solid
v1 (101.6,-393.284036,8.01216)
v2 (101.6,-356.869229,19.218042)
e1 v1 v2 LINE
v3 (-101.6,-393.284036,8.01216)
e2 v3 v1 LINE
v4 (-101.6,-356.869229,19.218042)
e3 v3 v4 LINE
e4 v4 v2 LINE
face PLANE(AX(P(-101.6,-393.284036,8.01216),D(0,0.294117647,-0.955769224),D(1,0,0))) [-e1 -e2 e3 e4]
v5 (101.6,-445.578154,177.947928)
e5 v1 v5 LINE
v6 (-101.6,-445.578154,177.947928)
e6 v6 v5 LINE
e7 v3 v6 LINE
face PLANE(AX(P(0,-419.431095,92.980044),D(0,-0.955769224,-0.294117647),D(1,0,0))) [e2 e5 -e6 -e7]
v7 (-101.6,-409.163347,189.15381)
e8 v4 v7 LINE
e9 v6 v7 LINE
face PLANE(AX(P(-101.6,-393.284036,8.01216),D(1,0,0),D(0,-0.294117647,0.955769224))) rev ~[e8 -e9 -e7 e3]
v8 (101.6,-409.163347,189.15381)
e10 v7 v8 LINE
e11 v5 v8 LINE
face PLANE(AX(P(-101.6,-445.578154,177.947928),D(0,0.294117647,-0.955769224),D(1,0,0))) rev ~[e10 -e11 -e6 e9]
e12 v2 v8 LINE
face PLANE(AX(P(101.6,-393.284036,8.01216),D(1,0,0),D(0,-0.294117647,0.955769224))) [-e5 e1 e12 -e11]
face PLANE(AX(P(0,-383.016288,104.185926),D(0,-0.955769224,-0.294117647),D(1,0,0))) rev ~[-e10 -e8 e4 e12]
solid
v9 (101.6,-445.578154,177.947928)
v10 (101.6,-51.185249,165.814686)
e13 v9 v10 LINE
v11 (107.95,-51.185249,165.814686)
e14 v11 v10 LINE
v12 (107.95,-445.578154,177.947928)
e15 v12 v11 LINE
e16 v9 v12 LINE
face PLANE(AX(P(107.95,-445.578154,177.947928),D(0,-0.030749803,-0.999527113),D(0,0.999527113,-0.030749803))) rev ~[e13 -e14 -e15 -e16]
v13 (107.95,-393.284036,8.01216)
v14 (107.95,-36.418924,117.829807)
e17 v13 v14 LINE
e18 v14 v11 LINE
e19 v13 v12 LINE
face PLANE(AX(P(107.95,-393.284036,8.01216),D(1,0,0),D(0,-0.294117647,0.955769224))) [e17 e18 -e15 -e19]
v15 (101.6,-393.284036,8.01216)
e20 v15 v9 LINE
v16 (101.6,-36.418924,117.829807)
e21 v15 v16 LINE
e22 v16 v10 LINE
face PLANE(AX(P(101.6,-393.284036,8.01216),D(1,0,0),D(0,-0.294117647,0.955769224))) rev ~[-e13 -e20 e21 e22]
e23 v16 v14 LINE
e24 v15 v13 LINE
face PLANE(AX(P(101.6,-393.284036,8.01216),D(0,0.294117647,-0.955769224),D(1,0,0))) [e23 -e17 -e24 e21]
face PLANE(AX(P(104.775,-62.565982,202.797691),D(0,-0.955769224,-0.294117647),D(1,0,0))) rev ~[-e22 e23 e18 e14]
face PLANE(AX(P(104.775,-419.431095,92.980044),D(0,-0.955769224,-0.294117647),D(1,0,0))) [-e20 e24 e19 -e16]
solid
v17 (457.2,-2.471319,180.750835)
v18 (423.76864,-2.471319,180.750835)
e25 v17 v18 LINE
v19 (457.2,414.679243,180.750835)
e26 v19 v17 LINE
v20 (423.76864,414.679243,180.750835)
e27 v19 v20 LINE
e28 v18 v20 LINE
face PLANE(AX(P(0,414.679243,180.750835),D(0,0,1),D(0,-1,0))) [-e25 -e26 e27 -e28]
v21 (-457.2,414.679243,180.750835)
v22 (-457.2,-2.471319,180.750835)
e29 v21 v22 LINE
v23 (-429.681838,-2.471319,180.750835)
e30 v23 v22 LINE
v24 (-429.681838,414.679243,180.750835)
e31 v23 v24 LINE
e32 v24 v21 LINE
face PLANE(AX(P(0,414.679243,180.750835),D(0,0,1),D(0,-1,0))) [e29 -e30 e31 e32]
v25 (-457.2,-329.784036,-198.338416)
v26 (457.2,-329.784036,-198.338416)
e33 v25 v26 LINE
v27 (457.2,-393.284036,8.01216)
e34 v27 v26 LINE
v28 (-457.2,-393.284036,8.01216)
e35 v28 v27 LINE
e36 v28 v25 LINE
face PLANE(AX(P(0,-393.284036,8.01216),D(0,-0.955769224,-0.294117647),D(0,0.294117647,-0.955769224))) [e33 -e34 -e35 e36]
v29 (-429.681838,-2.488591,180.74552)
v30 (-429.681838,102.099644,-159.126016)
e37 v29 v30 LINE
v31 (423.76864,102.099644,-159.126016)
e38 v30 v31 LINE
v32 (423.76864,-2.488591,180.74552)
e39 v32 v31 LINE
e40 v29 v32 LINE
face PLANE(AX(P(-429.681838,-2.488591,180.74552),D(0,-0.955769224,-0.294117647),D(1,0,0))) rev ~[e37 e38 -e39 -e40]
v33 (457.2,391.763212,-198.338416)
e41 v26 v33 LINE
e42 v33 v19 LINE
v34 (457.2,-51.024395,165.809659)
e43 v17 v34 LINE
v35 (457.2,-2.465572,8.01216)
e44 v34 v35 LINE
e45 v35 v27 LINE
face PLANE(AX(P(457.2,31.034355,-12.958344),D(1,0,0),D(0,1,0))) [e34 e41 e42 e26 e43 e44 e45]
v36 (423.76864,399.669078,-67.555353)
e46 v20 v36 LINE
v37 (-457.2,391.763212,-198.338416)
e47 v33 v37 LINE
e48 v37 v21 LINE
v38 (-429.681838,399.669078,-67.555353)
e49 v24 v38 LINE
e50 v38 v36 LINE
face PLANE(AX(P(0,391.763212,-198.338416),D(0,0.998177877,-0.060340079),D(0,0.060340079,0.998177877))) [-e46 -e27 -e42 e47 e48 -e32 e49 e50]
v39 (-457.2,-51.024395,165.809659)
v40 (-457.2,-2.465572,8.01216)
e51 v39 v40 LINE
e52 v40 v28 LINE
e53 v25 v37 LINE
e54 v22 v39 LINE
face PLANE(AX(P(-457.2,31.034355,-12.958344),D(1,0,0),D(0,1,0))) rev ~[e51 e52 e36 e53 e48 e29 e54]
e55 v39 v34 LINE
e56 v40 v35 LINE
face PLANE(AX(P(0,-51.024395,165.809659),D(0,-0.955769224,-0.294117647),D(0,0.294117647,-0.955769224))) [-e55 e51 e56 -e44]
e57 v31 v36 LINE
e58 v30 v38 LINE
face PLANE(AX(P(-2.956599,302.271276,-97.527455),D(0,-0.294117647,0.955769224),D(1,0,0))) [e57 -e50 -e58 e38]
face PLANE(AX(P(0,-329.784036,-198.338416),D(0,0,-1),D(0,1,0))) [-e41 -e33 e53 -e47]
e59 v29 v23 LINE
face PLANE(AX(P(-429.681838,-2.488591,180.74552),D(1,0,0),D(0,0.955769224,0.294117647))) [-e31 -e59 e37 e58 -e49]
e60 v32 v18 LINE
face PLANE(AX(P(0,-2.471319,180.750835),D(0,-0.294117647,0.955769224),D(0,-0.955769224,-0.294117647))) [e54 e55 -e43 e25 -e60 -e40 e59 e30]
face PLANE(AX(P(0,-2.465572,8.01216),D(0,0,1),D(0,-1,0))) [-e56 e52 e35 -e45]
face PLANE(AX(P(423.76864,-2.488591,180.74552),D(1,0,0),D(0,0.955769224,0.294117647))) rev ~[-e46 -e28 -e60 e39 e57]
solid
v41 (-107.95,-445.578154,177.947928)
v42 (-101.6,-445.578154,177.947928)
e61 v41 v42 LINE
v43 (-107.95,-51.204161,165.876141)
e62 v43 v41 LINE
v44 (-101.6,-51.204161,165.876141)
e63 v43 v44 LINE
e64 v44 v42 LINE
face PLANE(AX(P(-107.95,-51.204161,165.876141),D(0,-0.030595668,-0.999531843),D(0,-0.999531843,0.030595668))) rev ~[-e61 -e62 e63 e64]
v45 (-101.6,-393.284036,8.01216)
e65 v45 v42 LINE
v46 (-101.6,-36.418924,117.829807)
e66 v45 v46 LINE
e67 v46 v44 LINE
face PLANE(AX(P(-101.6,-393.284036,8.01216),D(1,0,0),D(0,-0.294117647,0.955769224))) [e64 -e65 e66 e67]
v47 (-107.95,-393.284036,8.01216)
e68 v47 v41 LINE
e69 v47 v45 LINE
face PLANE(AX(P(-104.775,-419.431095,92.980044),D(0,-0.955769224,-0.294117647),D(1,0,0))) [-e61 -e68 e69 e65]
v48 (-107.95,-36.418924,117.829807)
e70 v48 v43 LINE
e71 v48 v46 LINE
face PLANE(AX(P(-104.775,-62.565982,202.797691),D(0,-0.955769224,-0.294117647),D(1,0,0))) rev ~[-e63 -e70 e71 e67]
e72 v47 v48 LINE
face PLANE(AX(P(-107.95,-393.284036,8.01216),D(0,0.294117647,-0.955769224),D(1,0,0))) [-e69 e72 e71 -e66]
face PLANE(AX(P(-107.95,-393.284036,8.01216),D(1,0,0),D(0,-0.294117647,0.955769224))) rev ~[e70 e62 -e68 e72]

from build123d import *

# Parameters (mm, degrees)
F1_DEPTH  = 457.2
F3_W      = 853.4504771233
F3_H      = 418.8702180982
F4_DEPTH  = 355.6
F5_W      = 203.2
F5_H      = 177.8
F6_DEPTH  = 38.1
F5_W_2    = 6.35
F9_DEPTH  = 373.38
F11_DEPTH = 6.35
F13_DEPTH = 6.35


with BuildPart() as f1:
    # F0 (on Right) → F1 (new body, symmetric)
    with BuildSketch(Plane.YZ):
        Polygon((-2.4713186666, 180.750835103), (-51.0243952496, 165.8096586324), (-2.4655717202, 8.0121597376), (61.0344282798, -198.3384157401), (114.1853340847, -198.3384157401), align=None)
        Polygon((61.0344282798, -198.3384157401), (-2.4655717202, 8.0121597376), (-393.2840364218, 8.0121597376), (-329.7840364218, -198.3384157401), align=None)
        Polygon((414.6792432185, 180.750835103), (-2.4713186666, 180.750835103), (114.1853340847, -198.3384157401), (391.763212096, -198.3384157401), align=None)
    extrude(amount=F1_DEPTH, both=True)

    # F3 (on offset) → F4 (cut)
    with BuildSketch(Plane(origin=(0, -51.0243952496, 165.8096586324), x_dir=(1, 0, 0), z_dir=(0, -0.2941176471, 0.9557692241))):
        with Locations((-2.9565989971, 260.2170370519)):
            Rectangle(F3_W, F3_H)
    extrude(amount=-F4_DEPTH, mode=Mode.SUBTRACT)


with BuildPart() as f6:
    # F5 (on face) → F6 (new body)
    with BuildSketch(Plane(origin=(0, -357.0106390354, -109.8624296359), x_dir=(1, 0, 0), z_dir=(0, -0.9557692241, -0.2941176471))):
        with Locations((0, 212.2295511138)):
            Rectangle(F5_W, F5_H)
    extrude(amount=-F6_DEPTH)


with BuildPart() as f9:
    # F5 (on face) → F9 (new body)
    with BuildSketch(Plane(origin=(0, -357.0106390354, -109.8624296359), x_dir=(1, 0, 0), z_dir=(0, -0.9557692241, -0.2941176471))):
        with Locations((104.775, 212.2295511138)):
            Rectangle(F5_W_2, F5_H)
    extrude(amount=-F9_DEPTH)

    # F10 (on face) → F11 (cut)
    with BuildSketch(Plane.YZ.offset(107.95)):
        Polygon((-51.1852493659, 165.8146860492), (-51.0262735188, 165.8097952604), (-88.7130411838, 287.7655748369), align=None)
        Polygon((-445.5781540689, 177.9479277781), (-51.1852493659, 165.8146860492), (-88.7130411838, 287.7655748369), align=None)
    extrude(amount=-F11_DEPTH, mode=Mode.SUBTRACT)


with BuildPart() as f9b:
    # F5 (on face) → F9, piece 2 (new body)
    with BuildSketch(Plane(origin=(0, -357.0106390354, -109.8624296359), x_dir=(1, 0, 0), z_dir=(0, -0.9557692241, -0.2941176471))):
        with Locations((-104.775, 212.2295511138)):
            Rectangle(F5_W_2, F5_H)
    extrude(amount=-F9_DEPTH)

    # F12 (on face) → F13 (cut)
    with BuildSketch(Plane(origin=(-107.95, 0, 0), x_dir=(0, -1, 0), z_dir=(-1, 0, 0))):
        Polygon((88.7130411838, 287.7655748369), (51.2041607247, 165.8761406911), (445.5781540689, 177.9479277781), align=None)
    extrude(amount=-F13_DEPTH, mode=Mode.SUBTRACT)


solid = Compound([f1.part, f6.part, f9.part, f9b.part])
